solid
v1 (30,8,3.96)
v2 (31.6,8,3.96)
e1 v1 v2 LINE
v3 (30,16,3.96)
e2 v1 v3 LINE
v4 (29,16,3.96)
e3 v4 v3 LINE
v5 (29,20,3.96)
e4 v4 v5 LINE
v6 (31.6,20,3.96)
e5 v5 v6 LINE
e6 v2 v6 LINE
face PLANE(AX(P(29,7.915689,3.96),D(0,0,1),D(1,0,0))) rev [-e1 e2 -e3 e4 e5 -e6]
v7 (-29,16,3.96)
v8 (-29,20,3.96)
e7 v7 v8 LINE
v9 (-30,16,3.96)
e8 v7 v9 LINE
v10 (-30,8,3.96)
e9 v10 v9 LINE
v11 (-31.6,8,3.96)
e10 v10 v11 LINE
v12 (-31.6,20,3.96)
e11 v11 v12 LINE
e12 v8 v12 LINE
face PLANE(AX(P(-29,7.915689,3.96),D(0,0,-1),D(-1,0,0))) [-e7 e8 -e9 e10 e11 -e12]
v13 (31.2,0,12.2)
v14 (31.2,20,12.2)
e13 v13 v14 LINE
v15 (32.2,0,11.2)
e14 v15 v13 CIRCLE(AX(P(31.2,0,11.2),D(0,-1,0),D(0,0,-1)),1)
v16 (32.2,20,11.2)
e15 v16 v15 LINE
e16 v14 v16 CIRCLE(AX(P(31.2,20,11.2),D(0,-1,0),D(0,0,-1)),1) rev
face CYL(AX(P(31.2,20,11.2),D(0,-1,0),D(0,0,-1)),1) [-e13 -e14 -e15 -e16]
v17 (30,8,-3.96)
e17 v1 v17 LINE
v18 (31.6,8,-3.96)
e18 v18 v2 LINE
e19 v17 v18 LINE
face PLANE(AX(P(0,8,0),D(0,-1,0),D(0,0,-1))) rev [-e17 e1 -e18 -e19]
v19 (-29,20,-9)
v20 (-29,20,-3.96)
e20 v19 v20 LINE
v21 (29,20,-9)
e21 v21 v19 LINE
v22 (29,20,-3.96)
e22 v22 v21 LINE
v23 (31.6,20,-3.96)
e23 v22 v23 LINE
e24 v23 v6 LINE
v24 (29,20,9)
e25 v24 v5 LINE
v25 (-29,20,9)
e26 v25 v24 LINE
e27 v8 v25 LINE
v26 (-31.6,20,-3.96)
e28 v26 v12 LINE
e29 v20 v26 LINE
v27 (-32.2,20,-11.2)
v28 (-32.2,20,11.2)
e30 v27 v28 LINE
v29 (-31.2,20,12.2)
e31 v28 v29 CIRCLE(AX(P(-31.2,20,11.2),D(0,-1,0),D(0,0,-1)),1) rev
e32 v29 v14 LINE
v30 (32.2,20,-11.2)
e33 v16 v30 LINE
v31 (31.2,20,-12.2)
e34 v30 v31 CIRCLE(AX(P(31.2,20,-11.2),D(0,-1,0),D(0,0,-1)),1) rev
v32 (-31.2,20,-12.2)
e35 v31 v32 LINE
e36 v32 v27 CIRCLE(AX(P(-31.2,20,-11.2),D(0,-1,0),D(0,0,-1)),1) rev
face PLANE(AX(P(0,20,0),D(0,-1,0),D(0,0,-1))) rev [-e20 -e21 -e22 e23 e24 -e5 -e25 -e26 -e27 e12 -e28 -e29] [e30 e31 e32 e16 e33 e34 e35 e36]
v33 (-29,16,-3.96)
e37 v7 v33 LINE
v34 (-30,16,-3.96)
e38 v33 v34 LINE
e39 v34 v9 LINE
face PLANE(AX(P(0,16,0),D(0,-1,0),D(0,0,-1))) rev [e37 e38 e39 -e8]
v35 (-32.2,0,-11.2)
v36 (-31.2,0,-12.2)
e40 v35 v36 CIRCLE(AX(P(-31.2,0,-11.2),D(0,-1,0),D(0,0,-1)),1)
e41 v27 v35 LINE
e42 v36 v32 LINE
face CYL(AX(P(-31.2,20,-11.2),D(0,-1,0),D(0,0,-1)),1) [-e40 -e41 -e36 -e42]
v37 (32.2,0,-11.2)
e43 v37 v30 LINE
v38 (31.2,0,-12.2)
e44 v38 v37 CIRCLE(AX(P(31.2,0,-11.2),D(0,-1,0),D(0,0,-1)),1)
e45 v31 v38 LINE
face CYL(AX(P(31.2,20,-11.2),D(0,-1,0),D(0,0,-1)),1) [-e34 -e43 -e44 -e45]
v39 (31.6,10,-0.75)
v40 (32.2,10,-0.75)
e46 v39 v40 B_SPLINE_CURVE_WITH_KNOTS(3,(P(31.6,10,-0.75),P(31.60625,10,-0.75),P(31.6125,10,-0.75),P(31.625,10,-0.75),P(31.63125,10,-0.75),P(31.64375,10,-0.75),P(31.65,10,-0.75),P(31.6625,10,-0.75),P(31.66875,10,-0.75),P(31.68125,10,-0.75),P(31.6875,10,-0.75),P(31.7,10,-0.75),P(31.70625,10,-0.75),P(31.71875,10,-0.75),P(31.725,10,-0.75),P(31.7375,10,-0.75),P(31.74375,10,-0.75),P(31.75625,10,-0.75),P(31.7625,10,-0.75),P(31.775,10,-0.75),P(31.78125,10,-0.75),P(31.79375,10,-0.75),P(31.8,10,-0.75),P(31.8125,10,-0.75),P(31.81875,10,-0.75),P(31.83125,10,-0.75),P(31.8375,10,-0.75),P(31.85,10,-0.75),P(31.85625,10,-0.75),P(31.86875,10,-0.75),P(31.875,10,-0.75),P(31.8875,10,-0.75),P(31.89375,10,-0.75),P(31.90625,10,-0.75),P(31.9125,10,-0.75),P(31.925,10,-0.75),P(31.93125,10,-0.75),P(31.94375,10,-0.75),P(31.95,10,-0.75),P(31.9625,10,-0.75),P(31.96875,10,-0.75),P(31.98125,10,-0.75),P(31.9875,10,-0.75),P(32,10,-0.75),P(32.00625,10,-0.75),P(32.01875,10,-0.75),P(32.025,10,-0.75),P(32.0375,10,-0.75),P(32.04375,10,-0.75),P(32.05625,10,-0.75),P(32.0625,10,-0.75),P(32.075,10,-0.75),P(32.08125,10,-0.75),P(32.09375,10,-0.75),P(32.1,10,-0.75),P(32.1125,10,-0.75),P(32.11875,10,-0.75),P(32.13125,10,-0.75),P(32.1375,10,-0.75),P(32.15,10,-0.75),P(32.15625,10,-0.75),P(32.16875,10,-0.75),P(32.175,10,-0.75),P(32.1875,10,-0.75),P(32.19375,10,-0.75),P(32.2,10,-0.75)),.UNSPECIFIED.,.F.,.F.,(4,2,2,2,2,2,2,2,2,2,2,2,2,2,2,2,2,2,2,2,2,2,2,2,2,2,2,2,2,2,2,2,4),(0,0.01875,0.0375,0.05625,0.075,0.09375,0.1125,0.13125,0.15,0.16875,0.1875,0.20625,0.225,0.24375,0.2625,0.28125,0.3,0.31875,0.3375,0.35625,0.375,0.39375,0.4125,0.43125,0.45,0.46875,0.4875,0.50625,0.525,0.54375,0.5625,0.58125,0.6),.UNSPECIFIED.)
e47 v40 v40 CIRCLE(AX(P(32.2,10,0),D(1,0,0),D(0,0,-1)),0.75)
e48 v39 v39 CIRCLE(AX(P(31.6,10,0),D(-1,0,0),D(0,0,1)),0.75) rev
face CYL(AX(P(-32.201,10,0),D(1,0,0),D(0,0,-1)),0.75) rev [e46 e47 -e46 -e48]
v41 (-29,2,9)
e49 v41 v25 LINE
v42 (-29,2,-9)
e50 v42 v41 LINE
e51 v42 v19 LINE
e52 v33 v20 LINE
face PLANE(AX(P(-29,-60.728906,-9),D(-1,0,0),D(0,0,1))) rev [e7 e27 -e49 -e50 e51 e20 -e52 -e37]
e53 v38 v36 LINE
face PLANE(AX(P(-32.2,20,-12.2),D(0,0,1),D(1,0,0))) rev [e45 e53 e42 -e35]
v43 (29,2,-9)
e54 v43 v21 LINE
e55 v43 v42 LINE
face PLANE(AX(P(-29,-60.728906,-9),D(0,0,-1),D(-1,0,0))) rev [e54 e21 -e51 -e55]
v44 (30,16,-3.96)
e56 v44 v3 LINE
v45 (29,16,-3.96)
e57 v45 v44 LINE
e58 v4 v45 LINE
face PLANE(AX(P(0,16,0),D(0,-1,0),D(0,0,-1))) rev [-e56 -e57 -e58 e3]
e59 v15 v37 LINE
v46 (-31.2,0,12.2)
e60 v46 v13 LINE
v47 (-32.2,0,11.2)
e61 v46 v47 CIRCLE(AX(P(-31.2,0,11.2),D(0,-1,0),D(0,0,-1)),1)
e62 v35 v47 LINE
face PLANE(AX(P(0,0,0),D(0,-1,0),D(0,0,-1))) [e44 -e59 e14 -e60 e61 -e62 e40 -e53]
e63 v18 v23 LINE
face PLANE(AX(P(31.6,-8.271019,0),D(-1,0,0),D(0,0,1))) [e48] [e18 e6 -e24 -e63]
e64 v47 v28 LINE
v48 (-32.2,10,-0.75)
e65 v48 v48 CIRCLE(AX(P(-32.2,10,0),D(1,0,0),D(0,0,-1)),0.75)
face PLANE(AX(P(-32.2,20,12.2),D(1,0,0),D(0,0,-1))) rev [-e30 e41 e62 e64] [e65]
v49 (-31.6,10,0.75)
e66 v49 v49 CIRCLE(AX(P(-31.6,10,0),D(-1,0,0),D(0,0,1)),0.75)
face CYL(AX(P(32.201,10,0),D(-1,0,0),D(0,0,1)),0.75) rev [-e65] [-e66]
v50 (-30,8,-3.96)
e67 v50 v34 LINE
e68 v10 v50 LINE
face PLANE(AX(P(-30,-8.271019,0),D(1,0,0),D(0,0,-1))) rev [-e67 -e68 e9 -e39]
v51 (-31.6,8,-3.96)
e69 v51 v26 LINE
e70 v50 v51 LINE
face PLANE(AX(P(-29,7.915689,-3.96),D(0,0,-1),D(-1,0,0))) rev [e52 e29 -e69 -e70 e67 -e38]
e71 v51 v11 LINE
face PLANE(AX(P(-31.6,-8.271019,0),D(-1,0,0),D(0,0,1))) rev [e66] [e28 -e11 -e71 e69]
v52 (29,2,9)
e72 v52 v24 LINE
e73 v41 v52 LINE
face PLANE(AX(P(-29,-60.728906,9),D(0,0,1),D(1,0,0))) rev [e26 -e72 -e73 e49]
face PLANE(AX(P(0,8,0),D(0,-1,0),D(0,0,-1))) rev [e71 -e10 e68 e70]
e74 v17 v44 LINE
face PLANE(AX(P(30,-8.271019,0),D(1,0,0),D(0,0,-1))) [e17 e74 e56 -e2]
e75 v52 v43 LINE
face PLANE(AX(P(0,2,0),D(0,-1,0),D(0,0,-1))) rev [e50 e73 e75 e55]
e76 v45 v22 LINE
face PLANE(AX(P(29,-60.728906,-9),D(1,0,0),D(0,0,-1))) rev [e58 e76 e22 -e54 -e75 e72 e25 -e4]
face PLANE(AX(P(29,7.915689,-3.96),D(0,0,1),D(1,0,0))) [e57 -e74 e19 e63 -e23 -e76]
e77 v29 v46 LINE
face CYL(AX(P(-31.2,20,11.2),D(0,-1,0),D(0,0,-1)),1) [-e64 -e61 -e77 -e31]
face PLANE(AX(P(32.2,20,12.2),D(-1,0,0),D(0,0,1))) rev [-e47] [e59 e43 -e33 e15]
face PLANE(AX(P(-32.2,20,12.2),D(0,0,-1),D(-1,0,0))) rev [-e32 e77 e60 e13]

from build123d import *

# Parameters (mm, degrees)
SKETCH2_W               = 64.4
SKETCH2_H               = 24.4
BOSS_EXTRUDE1_DEPTH     = 20
SKETCH3_W               = 58
SKETCH3_H               = 18
CUT_EXTRUDE1_DEPTH      = 18
FILLET1_R               = 1
SKETCH4_W               = 1
SKETCH4_H               = 3.96
CUT_EXTRUDE2_DEPTH      = 4
SKETCH5_W               = 1.6
SKETCH5_H               = 3.96
CUT_EXTRUDE3_DEPTH      = 12
MIRROR5_COPY_1_SKETCH_W = 1
MIRROR5_COPY_1_SKETCH_H = 3.96
MIRROR5_COPY_1_DEPTH    = 4
MIRROR5_COPY_2_SKETCH_W = 1.6
MIRROR5_COPY_2_SKETCH_H = 3.96
MIRROR5_COPY_2_DEPTH    = 12
CUT_EXTRUDE4_REACH      = 70.529
SKETCH6_R               = 0.75


with BuildPart() as part:
    # Sketch2 → Boss-Extrude1 (new body)
    with BuildSketch(Plane(origin=(0, 0, 0), x_dir=(1, 0, 0), z_dir=(0, 1, 0))):
        Rectangle(SKETCH2_W, SKETCH2_H)
    extrude(amount=BOSS_EXTRUDE1_DEPTH)

    # Sketch3 → Cut-Extrude1 (cut)
    with BuildSketch(Plane(origin=(0, 20, 0), x_dir=(1, 0, 0), z_dir=(0, 1, 0))):
        Rectangle(SKETCH3_W, SKETCH3_H)
    extrude(amount=-CUT_EXTRUDE1_DEPTH, mode=Mode.SUBTRACT)

    # Fillet1
    fillet1_edges = [part.edges().sort_by_distance(p)[0] for p in [
        (32.2, 10, 12.2),
        (-32.2, 10, 12.2),
        (-32.2, 10, -12.2),
        (32.2, 10, -12.2),
    ]]
    fillet(fillet1_edges, radius=FILLET1_R)

    # Sketch4 → Cut-Extrude2 (cut)
    with BuildSketch(Plane(origin=(0, 20, 0), x_dir=(1, 0, 0), z_dir=(0, 1, 0))):
        with Locations((-29.5, 1.98)):
            Rectangle(SKETCH4_W, SKETCH4_H)
    cut_extrude2 = extrude(amount=-CUT_EXTRUDE2_DEPTH, mode=Mode.SUBTRACT)

    # Sketch5 → Cut-Extrude3 (cut)
    with BuildSketch(Plane(origin=(0, 20, 0), x_dir=(1, 0, 0), z_dir=(0, 1, 0))):
        with Locations((-30.8, 1.98)):
            Rectangle(SKETCH5_W, SKETCH5_H)
    cut_extrude3 = extrude(amount=-CUT_EXTRUDE3_DEPTH, mode=Mode.SUBTRACT)

    # Mirror4: Cut-Extrude2, Cut-Extrude3 across plane
    add(cut_extrude2.mirror(Plane(origin=(0, 0, 0), x_dir=(0, 0, 1), z_dir=(1, 0, 0))), mode=Mode.SUBTRACT)
    add(cut_extrude3.mirror(Plane(origin=(0, 0, 0), x_dir=(0, 0, 1), z_dir=(1, 0, 0))), mode=Mode.SUBTRACT)

    # Mirror5: Cut-Extrude2, Cut-Extrude3 across plane
    add(cut_extrude2.mirror(Plane.XY), mode=Mode.SUBTRACT)
    add(cut_extrude3.mirror(Plane.XY), mode=Mode.SUBTRACT)

    # Mirror5 copy 1 sketch → Mirror5 copy 1 (cut)
    with BuildSketch(Plane(origin=(0, 20, 0), x_dir=(-1, 0, 0), z_dir=(0, 1, 0))):
        with Locations((-29.5, 1.98)):
            Rectangle(MIRROR5_COPY_1_SKETCH_W, MIRROR5_COPY_1_SKETCH_H)
    extrude(amount=-MIRROR5_COPY_1_DEPTH, mode=Mode.SUBTRACT)

    # Mirror5 copy 2 sketch → Mirror5 copy 2 (cut)
    with BuildSketch(Plane(origin=(0, 20, 0), x_dir=(-1, 0, 0), z_dir=(0, 1, 0))):
        with Locations((-30.8, 1.98)):
            Rectangle(MIRROR5_COPY_2_SKETCH_W, MIRROR5_COPY_2_SKETCH_H)
    extrude(amount=-MIRROR5_COPY_2_DEPTH, mode=Mode.SUBTRACT)

    # Sketch6 → Cut-Extrude4 (cut, up to next)
    with BuildSketch(Plane(origin=(32.2, 0, 0), x_dir=(0, 0, -1), z_dir=(1, 0, 0)), mode=Mode.PRIVATE) as cut_extrude4_sk1:
        with Locations((0, 10)):
            Circle(SKETCH6_R)
    cut_extrude4_tool1 = extrude(cut_extrude4_sk1.sketch, amount=-CUT_EXTRUDE4_REACH, mode=Mode.PRIVATE) & part.part
    cut_extrude4 = cut_extrude4_tool1.solids().sort_by_distance((32.2, 10, 0))[0]
    add(cut_extrude4, mode=Mode.SUBTRACT)

    # Mirror6: Cut-Extrude4 across plane
    add(cut_extrude4.mirror(Plane(origin=(0, 0, 0), x_dir=(0, 0, 1), z_dir=(1, 0, 0))), mode=Mode.SUBTRACT)


solid = part.part
